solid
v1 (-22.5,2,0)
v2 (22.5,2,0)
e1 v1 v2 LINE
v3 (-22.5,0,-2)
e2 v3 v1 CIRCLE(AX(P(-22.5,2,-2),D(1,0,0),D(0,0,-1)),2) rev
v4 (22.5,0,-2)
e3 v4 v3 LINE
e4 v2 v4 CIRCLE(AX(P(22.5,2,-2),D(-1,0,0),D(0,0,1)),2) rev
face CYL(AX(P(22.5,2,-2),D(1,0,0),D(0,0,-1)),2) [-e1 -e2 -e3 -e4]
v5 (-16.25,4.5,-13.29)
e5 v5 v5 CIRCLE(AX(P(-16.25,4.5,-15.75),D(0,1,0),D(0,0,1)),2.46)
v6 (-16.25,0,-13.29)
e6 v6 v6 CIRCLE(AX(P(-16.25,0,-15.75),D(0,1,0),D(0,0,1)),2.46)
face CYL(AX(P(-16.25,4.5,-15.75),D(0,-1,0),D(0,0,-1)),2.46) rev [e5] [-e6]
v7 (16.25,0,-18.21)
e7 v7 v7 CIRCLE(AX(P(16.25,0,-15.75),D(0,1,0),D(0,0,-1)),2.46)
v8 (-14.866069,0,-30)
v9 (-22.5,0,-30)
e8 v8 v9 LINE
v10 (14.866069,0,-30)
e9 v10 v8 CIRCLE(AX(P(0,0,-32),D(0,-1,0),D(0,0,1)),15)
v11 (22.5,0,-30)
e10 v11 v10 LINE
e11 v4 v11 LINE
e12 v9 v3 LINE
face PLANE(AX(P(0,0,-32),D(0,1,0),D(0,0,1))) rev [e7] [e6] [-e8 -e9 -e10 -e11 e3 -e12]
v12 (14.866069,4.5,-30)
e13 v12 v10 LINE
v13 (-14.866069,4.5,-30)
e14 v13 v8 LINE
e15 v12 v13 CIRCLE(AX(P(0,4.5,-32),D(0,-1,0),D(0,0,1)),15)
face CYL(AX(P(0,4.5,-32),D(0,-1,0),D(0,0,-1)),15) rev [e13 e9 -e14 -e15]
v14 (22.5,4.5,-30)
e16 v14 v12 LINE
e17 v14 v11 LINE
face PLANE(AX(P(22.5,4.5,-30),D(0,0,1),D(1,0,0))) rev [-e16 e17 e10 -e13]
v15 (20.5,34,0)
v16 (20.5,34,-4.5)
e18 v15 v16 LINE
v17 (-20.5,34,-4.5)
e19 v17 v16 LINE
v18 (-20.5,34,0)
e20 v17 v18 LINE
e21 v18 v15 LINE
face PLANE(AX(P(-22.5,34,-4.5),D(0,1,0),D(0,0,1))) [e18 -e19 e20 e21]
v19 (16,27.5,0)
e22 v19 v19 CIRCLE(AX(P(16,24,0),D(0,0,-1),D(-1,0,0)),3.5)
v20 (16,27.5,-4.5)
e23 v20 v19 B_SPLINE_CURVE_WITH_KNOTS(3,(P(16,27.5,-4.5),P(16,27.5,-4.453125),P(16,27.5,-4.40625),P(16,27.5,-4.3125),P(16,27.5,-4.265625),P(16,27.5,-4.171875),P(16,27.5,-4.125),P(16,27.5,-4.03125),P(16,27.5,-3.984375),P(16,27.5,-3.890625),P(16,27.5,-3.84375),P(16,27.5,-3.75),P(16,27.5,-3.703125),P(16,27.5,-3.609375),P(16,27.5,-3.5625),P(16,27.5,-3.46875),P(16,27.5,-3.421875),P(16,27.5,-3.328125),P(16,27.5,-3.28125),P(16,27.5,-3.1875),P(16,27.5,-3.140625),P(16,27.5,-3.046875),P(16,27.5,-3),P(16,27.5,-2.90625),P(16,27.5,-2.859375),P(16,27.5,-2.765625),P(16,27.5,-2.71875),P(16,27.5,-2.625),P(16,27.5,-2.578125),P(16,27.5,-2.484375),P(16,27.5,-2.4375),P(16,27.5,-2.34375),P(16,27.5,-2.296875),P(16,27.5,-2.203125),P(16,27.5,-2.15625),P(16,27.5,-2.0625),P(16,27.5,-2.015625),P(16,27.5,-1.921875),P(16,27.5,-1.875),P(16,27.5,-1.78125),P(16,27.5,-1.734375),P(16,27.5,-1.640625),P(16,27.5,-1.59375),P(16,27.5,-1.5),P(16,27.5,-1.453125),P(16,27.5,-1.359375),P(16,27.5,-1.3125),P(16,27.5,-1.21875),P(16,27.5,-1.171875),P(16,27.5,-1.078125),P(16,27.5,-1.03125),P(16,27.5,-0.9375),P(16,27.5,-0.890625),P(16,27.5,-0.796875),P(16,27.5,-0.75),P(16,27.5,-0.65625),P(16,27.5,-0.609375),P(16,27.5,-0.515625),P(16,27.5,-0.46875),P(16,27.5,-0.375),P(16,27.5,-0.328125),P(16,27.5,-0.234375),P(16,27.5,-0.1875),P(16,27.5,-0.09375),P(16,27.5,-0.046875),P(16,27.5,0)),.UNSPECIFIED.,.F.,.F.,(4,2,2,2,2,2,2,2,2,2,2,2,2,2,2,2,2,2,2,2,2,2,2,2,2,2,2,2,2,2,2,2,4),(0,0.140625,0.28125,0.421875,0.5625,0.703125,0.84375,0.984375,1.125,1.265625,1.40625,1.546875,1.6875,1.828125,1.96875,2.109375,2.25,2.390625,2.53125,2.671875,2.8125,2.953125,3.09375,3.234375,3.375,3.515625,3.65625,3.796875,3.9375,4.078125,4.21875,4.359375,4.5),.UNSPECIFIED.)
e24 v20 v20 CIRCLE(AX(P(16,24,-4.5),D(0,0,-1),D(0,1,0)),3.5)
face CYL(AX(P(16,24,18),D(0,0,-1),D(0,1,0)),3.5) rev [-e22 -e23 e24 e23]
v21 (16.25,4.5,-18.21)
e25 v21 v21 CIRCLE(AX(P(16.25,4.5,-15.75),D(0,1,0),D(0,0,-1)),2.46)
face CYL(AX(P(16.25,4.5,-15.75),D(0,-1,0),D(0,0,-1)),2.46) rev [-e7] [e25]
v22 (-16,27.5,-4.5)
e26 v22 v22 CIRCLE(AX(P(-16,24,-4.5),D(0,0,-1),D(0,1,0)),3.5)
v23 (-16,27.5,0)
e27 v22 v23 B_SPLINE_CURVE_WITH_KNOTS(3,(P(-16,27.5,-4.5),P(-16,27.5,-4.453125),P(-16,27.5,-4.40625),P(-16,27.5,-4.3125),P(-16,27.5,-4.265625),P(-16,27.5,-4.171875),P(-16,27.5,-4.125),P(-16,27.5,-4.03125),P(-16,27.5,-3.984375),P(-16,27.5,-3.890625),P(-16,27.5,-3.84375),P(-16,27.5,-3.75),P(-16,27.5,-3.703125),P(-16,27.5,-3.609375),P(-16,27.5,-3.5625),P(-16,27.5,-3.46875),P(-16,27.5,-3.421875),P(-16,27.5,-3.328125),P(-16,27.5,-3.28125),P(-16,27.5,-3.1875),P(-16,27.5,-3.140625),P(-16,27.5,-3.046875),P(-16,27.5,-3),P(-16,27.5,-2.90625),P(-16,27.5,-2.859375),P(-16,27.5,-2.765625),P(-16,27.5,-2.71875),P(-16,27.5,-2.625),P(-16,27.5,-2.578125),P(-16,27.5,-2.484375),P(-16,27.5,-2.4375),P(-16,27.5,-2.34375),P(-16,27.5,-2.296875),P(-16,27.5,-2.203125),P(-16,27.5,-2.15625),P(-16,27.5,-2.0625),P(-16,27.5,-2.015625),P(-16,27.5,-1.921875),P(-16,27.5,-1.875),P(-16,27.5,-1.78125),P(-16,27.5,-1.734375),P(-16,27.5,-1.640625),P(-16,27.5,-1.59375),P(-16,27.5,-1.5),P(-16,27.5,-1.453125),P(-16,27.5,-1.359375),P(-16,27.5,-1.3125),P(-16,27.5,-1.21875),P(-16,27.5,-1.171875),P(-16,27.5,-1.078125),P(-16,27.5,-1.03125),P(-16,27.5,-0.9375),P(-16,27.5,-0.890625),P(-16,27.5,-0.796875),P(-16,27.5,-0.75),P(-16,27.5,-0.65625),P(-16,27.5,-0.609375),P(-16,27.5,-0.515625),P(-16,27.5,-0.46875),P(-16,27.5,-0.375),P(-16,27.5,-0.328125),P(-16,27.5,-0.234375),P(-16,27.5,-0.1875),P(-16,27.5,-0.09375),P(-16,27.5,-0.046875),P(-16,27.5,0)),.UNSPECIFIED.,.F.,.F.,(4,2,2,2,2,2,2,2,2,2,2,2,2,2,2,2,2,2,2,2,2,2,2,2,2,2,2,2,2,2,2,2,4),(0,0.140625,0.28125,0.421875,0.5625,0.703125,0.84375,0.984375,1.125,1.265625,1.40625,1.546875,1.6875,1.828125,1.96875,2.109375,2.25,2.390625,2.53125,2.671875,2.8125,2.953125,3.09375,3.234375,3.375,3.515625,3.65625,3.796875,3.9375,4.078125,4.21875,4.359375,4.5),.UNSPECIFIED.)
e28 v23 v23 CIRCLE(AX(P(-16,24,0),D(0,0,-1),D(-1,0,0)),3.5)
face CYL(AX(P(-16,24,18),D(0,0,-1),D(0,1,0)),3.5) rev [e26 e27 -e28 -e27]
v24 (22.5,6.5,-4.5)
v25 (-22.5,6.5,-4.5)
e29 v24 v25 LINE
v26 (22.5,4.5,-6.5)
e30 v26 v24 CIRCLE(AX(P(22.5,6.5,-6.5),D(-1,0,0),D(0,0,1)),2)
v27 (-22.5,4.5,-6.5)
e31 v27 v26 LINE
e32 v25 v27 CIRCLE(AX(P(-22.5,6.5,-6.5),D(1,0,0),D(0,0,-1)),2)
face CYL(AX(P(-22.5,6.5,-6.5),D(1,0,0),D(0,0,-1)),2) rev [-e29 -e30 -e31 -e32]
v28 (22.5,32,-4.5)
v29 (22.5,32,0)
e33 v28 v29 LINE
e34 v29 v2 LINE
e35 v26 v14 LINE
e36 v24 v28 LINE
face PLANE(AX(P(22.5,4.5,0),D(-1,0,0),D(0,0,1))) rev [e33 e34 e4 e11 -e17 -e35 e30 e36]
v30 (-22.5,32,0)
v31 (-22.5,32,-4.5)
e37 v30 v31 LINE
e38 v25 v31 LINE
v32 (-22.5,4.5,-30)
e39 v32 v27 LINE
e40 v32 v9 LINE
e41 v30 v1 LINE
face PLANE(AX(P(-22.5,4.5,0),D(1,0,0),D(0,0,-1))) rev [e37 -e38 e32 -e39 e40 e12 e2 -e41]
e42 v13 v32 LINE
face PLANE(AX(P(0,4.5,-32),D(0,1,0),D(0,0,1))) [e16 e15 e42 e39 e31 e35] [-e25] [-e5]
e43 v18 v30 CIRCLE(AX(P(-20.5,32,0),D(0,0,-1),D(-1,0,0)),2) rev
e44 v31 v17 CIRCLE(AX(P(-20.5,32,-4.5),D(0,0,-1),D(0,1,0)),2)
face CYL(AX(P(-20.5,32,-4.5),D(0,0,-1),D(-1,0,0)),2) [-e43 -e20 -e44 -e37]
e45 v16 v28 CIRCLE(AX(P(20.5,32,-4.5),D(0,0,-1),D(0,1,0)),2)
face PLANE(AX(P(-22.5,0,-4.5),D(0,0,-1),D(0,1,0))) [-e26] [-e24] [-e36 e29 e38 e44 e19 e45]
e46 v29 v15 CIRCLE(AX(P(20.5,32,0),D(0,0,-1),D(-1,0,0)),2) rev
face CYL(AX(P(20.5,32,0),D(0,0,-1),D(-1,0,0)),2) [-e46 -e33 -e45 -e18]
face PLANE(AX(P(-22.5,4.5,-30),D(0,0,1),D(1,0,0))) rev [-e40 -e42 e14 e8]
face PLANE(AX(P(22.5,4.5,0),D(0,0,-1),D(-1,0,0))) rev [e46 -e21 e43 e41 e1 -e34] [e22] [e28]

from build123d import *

# Parameters (mm, degrees)
CROQUIS1_R                   = 2.46
SALIENTE_EXTRUIR1_DEPTH      = 4.5
SALIENTE_EXTRUIR2_DEPTH      = 22.5
SALIENTE_EXTRUIR2_DEPTH_BACK = 22.5
CROQUIS2_W                   = 4.5
CROQUIS2_H                   = 34
CROQUIS3_R                   = 3.5
CORTAR_EXTRUIR1_DEPTH        = 22.5
REDONDEO1_R                  = 2
REDONDEO2_R                  = 2
REDONDEO3_R                  = 2


with BuildPart() as part:
    # Croquis1 → Saliente-Extruir1 (new body)
    with BuildSketch(Plane(origin=(0, 0, 0), x_dir=(1, 0, 0), z_dir=(0, 1, 0))):
        with BuildLine():
            Line((22.5, 0), (-22.5, 0))
            Line((-22.5, 0), (-22.5, 30))
            Line((-22.5, 30), (-14.866068747, 30))
            ThreePointArc((-14.866068747, 30), (0, 17), (14.866068747, 30))
            Line((14.866068747, 30), (22.5, 30))
            Line((22.5, 30), (22.5, 0))
        make_face()
        with Locations((-16.25, 15.75)):
            Circle(CROQUIS1_R, mode=Mode.SUBTRACT)
        with Locations((16.25, 15.75)):
            Circle(CROQUIS1_R, mode=Mode.SUBTRACT)
    extrude(amount=SALIENTE_EXTRUIR1_DEPTH)

    # Croquis2 → Saliente-Extruir2 (add, two sides: drawn at the far end of the back side and taken through both)
    with BuildSketch(Plane(origin=(0, 0, 0), x_dir=(0, 0, -1), z_dir=(1, 0, 0)).offset(-SALIENTE_EXTRUIR2_DEPTH_BACK)):
        with Locations((2.25, 17)):
            Rectangle(CROQUIS2_W, CROQUIS2_H)
    extrude(amount=SALIENTE_EXTRUIR2_DEPTH + SALIENTE_EXTRUIR2_DEPTH_BACK)

    # Croquis3 → Cortar-Extruir1 (cut)
    with BuildSketch(Plane(origin=(0, 0, -4.5), x_dir=(-1, 0, 0), z_dir=(0, 0, -1))):
        with Locations((-16, 24)):
            Circle(CROQUIS3_R)
        with Locations((16, 24)):
            Circle(CROQUIS3_R)
    extrude(amount=-CORTAR_EXTRUIR1_DEPTH, mode=Mode.SUBTRACT)

    # Redondeo1
    redondeo1_edges = [part.edges().sort_by_distance(p)[0] for p in [
        (0, 0, 0),
    ]]
    fillet(redondeo1_edges, radius=REDONDEO1_R)

    # Redondeo2
    redondeo2_edges = [part.edges().sort_by_distance(p)[0] for p in [
        (0, 4.5, -4.5),
    ]]
    fillet(redondeo2_edges, radius=REDONDEO2_R)

    # Redondeo3
    redondeo3_edges = [part.edges().sort_by_distance(p)[0] for p in [
        (22.5, 34, -2.25),
        (-22.5, 34, -2.25),
    ]]
    fillet(redondeo3_edges, radius=REDONDEO3_R)


solid = part.part
